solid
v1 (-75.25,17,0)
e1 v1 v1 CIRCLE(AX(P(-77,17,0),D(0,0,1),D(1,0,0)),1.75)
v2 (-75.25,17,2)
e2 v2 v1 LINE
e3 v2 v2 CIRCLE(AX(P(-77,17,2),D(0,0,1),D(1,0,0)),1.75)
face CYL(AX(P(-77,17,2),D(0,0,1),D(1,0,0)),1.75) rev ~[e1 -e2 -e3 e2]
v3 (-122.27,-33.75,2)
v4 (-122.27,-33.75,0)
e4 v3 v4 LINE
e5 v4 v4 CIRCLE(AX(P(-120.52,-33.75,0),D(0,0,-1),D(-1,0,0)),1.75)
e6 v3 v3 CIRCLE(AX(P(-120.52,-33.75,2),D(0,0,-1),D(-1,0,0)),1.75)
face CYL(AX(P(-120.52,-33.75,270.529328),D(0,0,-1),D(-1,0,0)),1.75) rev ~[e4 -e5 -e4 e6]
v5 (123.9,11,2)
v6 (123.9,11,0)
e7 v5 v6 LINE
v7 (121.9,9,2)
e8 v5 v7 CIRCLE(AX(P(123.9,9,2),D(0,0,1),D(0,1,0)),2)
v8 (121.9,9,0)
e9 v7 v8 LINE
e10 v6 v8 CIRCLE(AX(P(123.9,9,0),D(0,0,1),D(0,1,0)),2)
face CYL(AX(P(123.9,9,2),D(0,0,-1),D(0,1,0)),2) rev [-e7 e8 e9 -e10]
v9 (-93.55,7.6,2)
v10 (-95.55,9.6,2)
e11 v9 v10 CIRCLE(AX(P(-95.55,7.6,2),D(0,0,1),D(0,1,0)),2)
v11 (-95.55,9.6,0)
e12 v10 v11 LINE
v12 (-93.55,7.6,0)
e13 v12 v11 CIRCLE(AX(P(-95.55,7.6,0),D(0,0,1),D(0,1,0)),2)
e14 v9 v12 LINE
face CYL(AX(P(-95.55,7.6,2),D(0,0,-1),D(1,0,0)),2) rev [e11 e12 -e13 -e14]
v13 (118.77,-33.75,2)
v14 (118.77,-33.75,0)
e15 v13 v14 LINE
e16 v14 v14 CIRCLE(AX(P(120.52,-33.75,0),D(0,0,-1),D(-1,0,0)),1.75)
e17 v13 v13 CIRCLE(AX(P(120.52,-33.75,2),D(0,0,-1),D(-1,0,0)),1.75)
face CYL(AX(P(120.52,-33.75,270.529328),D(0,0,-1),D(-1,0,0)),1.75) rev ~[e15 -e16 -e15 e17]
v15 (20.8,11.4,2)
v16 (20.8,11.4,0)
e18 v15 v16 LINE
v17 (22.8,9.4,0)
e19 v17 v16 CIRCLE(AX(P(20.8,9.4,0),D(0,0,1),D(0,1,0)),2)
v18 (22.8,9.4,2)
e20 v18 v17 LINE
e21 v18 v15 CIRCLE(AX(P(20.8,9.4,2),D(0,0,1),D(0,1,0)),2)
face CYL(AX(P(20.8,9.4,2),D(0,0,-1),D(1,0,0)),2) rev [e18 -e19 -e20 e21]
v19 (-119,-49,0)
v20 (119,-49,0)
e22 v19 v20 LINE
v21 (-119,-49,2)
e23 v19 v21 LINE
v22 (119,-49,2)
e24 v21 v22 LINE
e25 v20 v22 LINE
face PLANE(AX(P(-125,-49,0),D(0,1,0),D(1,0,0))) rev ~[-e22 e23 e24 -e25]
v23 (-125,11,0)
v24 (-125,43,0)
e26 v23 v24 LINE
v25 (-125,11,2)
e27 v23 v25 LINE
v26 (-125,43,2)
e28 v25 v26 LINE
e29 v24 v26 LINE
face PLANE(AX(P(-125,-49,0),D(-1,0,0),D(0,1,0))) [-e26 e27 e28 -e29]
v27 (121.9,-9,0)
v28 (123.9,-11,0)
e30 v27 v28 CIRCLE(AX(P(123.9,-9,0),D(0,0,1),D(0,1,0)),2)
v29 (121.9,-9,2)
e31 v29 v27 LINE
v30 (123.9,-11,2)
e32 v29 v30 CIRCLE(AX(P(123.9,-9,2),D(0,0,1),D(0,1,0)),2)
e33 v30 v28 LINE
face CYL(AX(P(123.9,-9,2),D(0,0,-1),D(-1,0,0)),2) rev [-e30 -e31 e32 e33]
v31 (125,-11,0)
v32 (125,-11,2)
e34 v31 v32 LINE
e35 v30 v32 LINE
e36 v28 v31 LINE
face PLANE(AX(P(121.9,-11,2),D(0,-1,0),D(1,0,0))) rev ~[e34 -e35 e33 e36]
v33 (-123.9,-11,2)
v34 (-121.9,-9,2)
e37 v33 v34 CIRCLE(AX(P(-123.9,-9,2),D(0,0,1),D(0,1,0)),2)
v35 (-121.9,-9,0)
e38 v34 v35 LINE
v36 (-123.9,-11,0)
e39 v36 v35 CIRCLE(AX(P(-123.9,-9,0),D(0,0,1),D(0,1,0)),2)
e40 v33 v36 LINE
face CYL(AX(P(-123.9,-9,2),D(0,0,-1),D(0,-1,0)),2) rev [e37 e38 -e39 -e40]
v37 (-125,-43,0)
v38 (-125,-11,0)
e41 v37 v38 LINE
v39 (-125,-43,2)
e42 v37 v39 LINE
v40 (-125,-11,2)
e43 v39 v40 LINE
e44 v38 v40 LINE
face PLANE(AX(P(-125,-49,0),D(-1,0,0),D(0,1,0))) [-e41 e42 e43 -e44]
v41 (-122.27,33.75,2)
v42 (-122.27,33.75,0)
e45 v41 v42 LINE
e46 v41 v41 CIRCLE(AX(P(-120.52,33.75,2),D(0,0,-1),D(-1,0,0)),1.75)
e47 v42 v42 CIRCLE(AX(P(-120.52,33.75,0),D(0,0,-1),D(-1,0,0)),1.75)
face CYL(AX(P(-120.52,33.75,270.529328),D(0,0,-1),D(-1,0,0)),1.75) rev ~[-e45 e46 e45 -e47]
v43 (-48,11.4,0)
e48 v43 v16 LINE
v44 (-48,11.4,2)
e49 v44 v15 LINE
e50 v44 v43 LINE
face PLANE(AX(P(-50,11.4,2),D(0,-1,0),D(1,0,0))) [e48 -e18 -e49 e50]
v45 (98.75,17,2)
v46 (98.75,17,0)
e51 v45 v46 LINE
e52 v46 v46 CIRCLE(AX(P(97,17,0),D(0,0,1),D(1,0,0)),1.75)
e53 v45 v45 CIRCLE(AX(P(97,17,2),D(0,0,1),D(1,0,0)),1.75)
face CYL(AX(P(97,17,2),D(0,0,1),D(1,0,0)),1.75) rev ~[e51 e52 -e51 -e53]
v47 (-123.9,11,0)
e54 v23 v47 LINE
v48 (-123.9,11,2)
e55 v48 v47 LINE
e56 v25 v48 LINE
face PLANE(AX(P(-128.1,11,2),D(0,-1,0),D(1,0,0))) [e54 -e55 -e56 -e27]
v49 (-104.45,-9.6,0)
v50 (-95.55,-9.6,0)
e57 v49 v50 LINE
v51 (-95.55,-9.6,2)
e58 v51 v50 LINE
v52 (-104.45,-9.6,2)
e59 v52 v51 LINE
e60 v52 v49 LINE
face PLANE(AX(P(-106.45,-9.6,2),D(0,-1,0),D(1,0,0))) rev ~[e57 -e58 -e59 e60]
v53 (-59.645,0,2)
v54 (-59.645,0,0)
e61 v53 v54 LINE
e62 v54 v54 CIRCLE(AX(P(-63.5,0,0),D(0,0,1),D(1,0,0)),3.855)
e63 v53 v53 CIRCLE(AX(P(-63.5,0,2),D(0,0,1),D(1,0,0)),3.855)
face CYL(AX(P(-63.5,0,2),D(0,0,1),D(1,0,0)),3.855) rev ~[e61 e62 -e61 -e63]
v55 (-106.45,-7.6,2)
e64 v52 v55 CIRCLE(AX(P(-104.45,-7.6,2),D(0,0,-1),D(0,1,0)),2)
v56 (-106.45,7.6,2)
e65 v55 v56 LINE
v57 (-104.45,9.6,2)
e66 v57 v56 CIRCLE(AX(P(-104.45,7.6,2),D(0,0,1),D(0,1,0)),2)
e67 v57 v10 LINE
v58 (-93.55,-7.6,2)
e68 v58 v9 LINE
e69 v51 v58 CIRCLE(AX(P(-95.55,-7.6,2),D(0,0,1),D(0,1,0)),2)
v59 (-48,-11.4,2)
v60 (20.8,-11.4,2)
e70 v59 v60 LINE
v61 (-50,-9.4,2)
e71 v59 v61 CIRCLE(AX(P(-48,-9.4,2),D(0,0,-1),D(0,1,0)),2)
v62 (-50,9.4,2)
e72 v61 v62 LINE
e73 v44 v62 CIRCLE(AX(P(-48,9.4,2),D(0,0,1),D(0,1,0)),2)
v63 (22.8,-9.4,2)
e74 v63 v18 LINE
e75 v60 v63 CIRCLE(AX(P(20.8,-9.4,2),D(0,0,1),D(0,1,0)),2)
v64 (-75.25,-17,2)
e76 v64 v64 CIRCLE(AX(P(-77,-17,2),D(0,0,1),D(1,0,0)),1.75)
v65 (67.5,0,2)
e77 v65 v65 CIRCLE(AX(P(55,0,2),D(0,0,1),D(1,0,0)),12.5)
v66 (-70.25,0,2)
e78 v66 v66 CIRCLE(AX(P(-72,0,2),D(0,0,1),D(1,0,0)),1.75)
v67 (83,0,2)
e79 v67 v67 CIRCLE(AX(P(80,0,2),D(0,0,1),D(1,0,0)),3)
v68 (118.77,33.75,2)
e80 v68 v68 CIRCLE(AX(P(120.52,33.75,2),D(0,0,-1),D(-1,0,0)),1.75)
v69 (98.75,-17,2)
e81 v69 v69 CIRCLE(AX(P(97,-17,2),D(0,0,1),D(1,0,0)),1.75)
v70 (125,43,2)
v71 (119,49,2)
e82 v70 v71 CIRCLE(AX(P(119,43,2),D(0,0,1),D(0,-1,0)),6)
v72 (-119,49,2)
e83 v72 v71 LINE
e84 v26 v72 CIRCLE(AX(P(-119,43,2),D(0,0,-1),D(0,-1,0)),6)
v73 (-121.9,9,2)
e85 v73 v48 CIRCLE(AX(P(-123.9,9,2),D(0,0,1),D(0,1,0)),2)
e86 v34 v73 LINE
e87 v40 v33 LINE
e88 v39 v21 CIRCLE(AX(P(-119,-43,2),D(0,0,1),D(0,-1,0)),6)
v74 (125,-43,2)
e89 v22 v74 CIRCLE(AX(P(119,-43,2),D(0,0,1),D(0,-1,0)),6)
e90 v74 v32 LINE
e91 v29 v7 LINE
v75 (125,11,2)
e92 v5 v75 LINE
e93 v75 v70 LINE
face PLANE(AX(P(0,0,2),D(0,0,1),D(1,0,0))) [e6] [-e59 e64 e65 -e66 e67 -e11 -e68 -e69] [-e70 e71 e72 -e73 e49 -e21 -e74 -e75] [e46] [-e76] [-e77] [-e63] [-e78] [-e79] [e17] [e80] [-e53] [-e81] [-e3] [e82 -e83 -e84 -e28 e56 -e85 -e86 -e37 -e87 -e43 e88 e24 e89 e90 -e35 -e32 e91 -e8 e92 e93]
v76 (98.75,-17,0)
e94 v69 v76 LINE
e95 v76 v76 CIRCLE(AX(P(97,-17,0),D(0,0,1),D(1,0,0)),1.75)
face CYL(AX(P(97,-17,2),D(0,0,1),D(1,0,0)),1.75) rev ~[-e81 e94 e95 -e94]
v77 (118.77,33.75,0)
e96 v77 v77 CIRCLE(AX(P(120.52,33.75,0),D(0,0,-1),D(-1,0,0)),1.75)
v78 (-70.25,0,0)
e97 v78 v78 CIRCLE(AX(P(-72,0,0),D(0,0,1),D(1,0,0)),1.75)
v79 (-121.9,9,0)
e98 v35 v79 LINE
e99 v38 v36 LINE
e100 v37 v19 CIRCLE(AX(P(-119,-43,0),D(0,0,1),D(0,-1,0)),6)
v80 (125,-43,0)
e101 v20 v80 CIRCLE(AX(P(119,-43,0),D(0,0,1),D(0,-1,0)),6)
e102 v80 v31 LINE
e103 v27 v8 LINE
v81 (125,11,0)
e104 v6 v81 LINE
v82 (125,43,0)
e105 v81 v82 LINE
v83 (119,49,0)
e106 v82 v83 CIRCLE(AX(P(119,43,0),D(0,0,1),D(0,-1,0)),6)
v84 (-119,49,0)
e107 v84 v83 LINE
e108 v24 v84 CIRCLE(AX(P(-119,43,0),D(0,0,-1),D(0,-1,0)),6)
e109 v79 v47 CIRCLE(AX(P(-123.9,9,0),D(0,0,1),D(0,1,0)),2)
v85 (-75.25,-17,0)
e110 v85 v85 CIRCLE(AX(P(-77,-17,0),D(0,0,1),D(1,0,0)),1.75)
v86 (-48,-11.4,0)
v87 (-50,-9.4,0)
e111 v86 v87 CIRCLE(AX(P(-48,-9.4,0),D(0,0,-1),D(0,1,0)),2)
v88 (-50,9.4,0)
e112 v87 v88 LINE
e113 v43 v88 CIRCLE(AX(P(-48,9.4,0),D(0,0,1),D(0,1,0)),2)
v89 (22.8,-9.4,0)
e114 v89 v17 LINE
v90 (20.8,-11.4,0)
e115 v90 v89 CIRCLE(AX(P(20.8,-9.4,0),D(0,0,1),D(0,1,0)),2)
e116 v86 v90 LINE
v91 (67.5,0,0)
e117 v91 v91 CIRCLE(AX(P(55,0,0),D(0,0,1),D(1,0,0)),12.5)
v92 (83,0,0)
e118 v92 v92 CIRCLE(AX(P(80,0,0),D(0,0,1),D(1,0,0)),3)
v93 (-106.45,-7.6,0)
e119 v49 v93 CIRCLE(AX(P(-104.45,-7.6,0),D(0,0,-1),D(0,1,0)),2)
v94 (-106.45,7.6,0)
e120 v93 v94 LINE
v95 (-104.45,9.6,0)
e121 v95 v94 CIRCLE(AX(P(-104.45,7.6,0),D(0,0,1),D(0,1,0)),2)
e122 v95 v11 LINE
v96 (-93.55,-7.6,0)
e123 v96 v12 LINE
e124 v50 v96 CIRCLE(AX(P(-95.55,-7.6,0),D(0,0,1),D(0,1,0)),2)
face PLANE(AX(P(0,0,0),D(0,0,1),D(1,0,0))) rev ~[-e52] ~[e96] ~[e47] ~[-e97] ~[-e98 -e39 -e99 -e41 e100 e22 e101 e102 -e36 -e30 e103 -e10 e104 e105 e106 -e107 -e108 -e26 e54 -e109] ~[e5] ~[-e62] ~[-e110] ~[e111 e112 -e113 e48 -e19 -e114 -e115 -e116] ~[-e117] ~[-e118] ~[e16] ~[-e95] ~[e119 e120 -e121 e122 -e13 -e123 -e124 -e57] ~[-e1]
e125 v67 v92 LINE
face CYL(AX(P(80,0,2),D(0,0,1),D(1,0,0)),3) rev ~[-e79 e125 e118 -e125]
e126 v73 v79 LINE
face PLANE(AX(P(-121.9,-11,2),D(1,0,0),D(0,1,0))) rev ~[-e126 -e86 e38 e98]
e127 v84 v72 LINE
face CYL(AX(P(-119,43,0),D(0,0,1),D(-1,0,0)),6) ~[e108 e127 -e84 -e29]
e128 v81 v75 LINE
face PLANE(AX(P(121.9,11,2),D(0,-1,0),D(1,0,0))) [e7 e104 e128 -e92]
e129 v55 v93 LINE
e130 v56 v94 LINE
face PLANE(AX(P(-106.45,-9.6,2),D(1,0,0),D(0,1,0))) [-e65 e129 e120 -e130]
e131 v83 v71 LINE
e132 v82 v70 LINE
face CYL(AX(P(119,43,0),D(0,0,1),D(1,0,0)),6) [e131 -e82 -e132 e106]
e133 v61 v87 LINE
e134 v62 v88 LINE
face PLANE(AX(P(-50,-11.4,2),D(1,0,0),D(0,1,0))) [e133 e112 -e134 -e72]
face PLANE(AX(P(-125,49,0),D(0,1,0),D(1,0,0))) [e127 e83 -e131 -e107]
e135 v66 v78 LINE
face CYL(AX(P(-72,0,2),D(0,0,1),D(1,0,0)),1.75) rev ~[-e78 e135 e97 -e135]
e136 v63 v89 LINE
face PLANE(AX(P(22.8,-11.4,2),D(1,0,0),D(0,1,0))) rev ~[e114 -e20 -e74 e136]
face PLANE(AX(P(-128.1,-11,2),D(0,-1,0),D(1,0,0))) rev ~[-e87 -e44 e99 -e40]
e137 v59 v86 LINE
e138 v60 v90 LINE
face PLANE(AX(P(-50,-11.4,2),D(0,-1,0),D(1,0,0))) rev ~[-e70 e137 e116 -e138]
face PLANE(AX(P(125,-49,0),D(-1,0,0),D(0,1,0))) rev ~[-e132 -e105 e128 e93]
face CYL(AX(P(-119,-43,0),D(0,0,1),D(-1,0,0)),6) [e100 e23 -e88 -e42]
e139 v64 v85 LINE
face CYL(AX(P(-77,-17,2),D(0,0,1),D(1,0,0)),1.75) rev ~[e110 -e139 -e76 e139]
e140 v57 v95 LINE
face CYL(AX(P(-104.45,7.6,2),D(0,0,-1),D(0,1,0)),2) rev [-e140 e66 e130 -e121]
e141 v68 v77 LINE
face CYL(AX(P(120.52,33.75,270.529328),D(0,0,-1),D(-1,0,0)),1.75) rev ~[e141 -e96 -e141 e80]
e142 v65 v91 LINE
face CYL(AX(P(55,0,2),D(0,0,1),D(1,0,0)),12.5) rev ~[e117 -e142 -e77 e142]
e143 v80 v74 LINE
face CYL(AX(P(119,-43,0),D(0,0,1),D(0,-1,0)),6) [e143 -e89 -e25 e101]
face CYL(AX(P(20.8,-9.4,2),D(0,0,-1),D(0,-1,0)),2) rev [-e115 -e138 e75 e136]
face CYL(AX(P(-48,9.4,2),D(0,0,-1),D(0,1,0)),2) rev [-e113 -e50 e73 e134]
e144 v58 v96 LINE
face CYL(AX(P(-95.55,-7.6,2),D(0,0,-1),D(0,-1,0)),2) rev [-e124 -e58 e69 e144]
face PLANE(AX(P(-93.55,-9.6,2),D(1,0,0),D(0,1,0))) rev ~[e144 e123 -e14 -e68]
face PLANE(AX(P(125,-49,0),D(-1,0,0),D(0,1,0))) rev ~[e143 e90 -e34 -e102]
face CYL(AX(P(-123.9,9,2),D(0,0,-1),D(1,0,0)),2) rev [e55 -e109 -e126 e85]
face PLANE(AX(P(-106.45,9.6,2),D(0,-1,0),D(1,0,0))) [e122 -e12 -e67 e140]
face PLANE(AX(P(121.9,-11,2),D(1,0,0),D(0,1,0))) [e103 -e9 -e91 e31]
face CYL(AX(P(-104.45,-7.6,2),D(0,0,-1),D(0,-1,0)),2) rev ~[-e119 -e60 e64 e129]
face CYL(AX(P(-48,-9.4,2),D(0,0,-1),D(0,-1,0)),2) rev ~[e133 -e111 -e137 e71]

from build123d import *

# Parameters (mm, degrees)
SKETCH1_W                  = 250
SKETCH1_H                  = 98
BOSS_EXTRUDE1_DEPTH        = 2
FILLET1_R                  = 6
SKETCH2_W                  = 6.2
SKETCH2_H                  = 22
CUT_EXTRUDE1_DEPTH         = 12
FILLET2_R                  = 2
F_3_5_3_5_DIAMETER_HOLE1_D = 3.5
SKETCH6_R                  = 1.75
SKETCH6_R_2                = 3.855
SKETCH6_R_3                = 12.5
SKETCH6_R_4                = 3
SKETCH6_W                  = 72.8
SKETCH6_H                  = 22.8
SKETCH6_W_2                = 12.9
SKETCH6_H_2                = 19.2
CUT_EXTRUDE2_DEPTH         = 12
FILLET3_R                  = 2


with BuildPart() as part:
    # Sketch1 → Boss-Extrude1 (new body)
    with BuildSketch(Plane.XY):
        Rectangle(SKETCH1_W, SKETCH1_H)
    extrude(amount=BOSS_EXTRUDE1_DEPTH)

    # Fillet1
    fillet1_edges = [part.edges().sort_by_distance(p)[0] for p in [
        (-125, -49, 1),
        (125, -49, 1),
        (125, 49, 1),
        (-125, 49, 1),
    ]]
    fillet(fillet1_edges, radius=FILLET1_R)

    # Sketch2 → Cut-Extrude1 (cut)
    with BuildSketch(Plane.XY.offset(2)):
        with Locations((-125, 0)):
            Rectangle(SKETCH2_W, SKETCH2_H)
        with Locations((125, 0)):
            Rectangle(SKETCH2_W, SKETCH2_H)
    extrude(amount=-CUT_EXTRUDE1_DEPTH, mode=Mode.SUBTRACT)

    # Fillet2
    fillet2_edges = [part.edges().sort_by_distance(p)[0] for p in [
        (-121.9, 11, 1),
        (-121.9, -11, 1),
        (121.9, 11, 1),
        (121.9, -11, 1),
    ]]
    fillet(fillet2_edges, radius=FILLET2_R)

    # Ø3.5 (3.5) Diameter Hole1 (through all)
    with Locations(Plane.XY.offset(2)):
        with Locations((-120.52, 33.75), (-120.52, -33.75), (120.52, -33.75), (120.52, 33.75)):
            Hole(F_3_5_3_5_DIAMETER_HOLE1_D / 2)

    # Sketch6 → Cut-Extrude2 (cut)
    with BuildSketch(Plane.XY.offset(2)):
        with Locations((-77, 17)):
            Circle(SKETCH6_R)
        with Locations((-77, -17)):
            Circle(SKETCH6_R)
        with Locations((97, 17)):
            Circle(SKETCH6_R)
        with Locations((97, -17)):
            Circle(SKETCH6_R)
        with Locations((-72, 0)):
            Circle(SKETCH6_R)
        with Locations((-63.5, 0)):
            Circle(SKETCH6_R_2)
        with Locations((55, 0)):
            Circle(SKETCH6_R_3)
        with Locations((80, 0)):
            Circle(SKETCH6_R_4)
        with Locations((-13.6, 0)):
            Rectangle(SKETCH6_W, SKETCH6_H)
        with Locations((-100, 0)):
            Rectangle(SKETCH6_W_2, SKETCH6_H_2)
    extrude(amount=-CUT_EXTRUDE2_DEPTH, mode=Mode.SUBTRACT)

    # Fillet3
    fillet3_edges = [part.edges().sort_by_distance(p)[0] for p in [
        (22.8, 11.4, 1),
        (22.8, -11.4, 1),
        (-50, -11.4, 1),
        (-50, 11.4, 1),
        (-93.55, 9.6, 1),
        (-93.55, -9.6, 1),
        (-106.45, -9.6, 1),
        (-106.45, 9.6, 1),
    ]]
    fillet(fillet3_edges, radius=FILLET3_R)


solid = part.part
